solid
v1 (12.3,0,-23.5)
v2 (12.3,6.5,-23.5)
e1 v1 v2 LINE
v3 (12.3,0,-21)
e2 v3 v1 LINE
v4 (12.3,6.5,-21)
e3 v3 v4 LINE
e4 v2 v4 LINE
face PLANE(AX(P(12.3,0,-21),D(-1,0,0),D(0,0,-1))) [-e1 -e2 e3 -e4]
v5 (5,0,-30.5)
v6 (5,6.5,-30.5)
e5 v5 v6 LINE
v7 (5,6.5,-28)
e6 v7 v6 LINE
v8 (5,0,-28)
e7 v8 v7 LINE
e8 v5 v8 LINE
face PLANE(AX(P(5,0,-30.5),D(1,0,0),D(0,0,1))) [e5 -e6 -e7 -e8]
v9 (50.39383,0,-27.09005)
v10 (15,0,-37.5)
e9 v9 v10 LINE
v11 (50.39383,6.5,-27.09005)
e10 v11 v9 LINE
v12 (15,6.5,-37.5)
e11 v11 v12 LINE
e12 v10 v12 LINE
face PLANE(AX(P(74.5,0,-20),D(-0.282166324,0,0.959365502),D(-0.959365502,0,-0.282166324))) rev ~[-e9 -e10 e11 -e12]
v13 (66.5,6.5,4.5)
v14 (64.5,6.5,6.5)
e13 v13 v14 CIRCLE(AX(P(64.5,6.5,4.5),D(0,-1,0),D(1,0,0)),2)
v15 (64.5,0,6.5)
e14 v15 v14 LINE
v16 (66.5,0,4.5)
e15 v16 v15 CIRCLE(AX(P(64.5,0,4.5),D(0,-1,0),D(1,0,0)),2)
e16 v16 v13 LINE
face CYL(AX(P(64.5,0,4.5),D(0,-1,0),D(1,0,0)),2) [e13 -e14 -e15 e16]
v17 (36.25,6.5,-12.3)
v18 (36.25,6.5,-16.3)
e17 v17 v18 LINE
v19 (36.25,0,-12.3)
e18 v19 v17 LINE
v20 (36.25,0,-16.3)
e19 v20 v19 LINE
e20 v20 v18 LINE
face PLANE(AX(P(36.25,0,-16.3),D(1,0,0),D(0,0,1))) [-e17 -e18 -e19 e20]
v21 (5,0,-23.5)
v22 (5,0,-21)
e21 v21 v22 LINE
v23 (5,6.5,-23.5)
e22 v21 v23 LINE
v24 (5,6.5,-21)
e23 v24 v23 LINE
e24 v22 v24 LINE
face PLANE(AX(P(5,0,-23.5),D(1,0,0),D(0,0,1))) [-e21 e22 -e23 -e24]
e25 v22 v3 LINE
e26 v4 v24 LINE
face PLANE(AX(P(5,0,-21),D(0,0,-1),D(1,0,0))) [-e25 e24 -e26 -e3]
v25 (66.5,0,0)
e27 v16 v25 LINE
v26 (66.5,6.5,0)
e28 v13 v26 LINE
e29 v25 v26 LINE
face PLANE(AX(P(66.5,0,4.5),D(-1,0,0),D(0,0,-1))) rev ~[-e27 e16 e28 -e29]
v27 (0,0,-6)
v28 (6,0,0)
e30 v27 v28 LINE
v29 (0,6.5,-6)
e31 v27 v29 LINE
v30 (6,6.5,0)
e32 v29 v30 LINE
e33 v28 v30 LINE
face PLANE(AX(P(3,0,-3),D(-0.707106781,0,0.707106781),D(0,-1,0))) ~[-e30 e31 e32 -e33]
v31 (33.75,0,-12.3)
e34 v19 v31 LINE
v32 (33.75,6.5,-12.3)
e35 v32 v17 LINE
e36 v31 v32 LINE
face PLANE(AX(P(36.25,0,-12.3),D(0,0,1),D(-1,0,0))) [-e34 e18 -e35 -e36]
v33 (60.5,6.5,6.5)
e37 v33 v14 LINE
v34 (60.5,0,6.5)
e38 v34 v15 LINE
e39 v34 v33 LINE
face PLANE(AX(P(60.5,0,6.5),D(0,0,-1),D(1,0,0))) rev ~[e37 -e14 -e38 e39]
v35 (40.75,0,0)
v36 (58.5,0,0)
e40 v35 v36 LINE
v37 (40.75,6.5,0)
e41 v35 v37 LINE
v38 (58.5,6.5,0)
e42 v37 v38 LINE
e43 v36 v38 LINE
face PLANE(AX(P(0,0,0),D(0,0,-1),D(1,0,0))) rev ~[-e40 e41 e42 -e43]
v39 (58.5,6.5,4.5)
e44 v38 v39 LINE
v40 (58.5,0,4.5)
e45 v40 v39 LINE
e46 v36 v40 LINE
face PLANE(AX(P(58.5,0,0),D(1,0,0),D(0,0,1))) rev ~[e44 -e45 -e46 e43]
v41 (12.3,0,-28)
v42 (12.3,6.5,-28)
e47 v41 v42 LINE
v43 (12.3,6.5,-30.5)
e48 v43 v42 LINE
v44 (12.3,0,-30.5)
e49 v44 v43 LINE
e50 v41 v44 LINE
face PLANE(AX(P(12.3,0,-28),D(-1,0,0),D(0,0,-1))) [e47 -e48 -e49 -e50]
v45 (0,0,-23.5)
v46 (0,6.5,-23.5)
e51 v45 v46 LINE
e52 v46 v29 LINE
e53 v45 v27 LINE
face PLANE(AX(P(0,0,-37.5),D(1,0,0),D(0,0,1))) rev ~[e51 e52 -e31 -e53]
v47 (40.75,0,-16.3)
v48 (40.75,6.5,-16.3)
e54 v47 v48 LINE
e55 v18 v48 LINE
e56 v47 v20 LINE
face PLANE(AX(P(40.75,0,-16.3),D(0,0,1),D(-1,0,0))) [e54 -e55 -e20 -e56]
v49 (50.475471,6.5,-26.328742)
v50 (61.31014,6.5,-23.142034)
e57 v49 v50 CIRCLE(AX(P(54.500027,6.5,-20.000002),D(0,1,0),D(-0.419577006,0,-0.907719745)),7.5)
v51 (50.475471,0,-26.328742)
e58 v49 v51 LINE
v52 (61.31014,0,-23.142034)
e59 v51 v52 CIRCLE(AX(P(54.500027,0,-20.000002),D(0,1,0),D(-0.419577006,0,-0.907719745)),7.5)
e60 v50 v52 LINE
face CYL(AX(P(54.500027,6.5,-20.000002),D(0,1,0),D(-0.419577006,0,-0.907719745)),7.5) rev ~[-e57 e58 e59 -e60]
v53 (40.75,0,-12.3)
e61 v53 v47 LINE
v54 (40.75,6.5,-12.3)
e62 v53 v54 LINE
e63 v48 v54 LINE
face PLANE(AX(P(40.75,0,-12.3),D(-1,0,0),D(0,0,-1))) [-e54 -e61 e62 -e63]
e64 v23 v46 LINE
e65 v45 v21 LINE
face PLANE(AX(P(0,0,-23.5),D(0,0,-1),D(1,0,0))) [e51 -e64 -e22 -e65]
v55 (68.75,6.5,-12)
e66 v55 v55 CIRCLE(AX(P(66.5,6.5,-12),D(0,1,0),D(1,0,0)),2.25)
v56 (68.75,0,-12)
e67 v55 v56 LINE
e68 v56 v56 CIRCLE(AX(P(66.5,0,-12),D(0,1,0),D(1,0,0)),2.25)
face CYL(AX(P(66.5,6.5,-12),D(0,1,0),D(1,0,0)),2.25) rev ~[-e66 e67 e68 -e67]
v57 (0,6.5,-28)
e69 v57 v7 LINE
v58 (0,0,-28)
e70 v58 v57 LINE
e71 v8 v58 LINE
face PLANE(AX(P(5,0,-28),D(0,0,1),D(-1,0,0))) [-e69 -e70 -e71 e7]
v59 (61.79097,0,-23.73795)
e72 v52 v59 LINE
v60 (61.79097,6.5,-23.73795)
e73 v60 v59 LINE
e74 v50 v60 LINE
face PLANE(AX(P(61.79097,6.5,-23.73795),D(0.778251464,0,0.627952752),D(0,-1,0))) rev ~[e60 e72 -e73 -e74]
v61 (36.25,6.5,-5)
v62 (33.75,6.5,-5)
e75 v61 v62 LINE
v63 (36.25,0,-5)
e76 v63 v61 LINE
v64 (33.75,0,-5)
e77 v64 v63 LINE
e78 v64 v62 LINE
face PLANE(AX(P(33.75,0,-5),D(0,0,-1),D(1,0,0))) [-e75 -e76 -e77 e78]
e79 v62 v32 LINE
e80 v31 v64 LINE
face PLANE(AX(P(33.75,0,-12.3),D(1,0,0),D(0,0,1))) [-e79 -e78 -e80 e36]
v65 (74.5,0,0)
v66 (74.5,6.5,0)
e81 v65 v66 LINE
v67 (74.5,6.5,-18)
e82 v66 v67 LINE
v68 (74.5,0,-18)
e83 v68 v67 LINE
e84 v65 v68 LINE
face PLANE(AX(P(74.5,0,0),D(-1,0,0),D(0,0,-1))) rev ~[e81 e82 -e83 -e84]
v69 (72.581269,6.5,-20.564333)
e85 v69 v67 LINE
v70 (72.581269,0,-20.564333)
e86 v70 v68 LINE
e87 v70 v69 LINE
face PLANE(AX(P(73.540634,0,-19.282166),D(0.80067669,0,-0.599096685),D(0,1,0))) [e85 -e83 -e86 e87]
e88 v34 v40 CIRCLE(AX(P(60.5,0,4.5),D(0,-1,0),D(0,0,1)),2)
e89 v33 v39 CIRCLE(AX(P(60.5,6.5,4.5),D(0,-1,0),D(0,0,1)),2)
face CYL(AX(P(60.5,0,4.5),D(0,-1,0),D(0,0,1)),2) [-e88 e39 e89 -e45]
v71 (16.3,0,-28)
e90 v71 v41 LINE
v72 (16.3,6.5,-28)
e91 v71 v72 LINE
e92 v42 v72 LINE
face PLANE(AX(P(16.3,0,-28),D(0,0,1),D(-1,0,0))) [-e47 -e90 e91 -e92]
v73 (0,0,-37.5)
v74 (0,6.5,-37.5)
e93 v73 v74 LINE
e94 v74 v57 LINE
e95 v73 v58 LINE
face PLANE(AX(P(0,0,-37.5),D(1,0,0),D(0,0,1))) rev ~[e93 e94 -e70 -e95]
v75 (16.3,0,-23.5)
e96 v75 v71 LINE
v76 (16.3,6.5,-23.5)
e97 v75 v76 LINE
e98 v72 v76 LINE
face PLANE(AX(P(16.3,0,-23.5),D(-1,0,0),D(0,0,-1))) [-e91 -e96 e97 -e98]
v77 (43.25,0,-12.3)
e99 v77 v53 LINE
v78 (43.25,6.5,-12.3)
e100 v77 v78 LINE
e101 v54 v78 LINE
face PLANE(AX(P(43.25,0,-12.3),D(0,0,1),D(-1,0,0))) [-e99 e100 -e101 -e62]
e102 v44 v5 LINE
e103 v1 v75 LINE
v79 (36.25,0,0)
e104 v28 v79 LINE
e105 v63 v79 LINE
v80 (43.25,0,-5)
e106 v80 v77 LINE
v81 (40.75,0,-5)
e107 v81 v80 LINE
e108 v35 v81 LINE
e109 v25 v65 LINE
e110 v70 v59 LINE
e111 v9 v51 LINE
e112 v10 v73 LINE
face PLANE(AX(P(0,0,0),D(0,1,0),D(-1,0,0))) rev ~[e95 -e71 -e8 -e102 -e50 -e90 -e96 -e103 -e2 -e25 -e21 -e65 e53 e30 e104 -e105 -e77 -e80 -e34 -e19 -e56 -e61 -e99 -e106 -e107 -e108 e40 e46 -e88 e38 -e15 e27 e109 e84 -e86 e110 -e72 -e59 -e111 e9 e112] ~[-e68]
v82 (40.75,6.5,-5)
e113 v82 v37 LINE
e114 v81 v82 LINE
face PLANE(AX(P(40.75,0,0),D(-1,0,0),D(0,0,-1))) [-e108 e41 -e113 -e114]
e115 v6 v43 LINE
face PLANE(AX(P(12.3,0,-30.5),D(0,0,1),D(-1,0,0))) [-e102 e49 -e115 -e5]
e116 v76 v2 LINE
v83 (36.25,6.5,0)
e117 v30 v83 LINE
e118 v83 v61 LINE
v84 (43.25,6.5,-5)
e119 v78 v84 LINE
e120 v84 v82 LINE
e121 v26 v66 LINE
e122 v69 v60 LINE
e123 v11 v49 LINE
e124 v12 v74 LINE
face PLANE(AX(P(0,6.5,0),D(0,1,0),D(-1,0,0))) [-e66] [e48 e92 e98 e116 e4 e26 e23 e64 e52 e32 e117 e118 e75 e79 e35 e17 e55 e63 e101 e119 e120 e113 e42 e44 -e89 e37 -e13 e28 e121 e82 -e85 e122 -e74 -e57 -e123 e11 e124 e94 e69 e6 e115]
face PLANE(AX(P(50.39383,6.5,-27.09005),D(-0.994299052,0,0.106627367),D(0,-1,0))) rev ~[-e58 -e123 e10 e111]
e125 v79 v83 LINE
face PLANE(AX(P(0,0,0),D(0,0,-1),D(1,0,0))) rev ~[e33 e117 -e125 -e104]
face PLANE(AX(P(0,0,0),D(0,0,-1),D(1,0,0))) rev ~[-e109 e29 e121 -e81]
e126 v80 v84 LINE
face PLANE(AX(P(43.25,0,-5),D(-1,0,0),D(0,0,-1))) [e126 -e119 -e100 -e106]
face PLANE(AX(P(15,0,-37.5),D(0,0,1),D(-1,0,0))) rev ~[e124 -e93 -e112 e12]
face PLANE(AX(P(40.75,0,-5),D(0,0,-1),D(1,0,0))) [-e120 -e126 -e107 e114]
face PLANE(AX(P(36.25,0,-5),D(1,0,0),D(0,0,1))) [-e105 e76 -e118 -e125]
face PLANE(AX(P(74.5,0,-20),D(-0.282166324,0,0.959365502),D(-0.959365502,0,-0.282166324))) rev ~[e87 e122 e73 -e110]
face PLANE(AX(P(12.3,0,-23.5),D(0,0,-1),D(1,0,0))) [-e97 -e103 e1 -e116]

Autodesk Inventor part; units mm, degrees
ref_plane "YZ Plane" through (0, 0, 0) normal (1, 0, 0) x (0, 1, 0)
ref_plane "XZ Plane" through (0, 0, 0) normal (0, 1, 0) x (-1, 0, 0)
ref_plane "XY Plane" through (0, 0, 0) normal (0, 0, 1) x (1, 0, 0)
sketch "Sketch1" plane through (0, 0, 0) normal (0, 1, 0) x (-1, 0, 0)
  line L0 (0, -37.5) -> (0, 0)
  line L1 (0, 0) -> (-74.5, 0)
  line L2 (-74.5, 0) -> (-74.5, -20)
  line L3 (-74.5, -20) -> (-15, -37.5)
  line L4 (-15, -37.5) -> (0, -37.5)
  dimension "d0" = 37.5
  dimension "d1" = 74.5
  dimension "d2" = 20
  dimension "d3" = 15
extrude "Extrusion1" add sketch "Sketch1" along normal blind 6.5
sketch "Sketch2" plane through (0, 0, 0) normal (0, -1, 0) x (1, 0, 0)
  line L0 (0, 0) -> (0, -37.5) projected
  line L1 (0, -37.5) -> (15, -37.5) projected
  line L2 (16.3, -23.5) -> (16.3, -28)
  line L3 (0, -28) -> (0, -23.5)
  line L4 (5, -21) -> (12.3, -21)
  line L5 (12.3, -30.5) -> (5, -30.5)
  line L6 (0, -23.5) -> (5, -23.5)
  line L7 (12.3, -23.5) -> (16.3, -23.5)
  line L8 (16.3, -28) -> (12.3, -28)
  line L9 (5, -28) -> (0, -28)
  line L10 (5, -30.5) -> (5, -28)
  line L11 (5, -23.5) -> (5, -21)
  line L12 (12.3, -21) -> (12.3, -23.5)
  line L13 (12.3, -28) -> (12.3, -30.5)
  point P0 (16.3, -25.75)
  dimension "d6" = 4.5
  dimension "d7" = 2.5
  dimension "d8" = 5
  dimension "d9" = 7.3
  dimension "d10" = 4
  dimension "d12" = 14
extrude "Extrusion2" cut sketch "Sketch2" against normal through all
sketch "Sketch3" plane through (0, 0, 0) normal (0, -1, 0) x (1, 0, 0)
  line L0 (74.5, -20) -> (74.5, 0) projected
  line L1 (74.5, 0) -> (0, 0) projected
  line L2 (66.5, 0) -> (58.5, 0)
  line L3 (58.5, 0) -> (58.5, 4.5)
  line L4 (60.5, 6.5) -> (64.5, 6.5)
  line L5 (66.5, 4.5) -> (66.5, 0)
  arc A0 (60.5, 6.5) -> (58.5, 4.5) centre (60.5, 4.5) ccw
  arc A1 (66.5, 4.5) -> (64.5, 6.5) centre (64.5, 4.5) ccw
  dimension "d15" = 2
  dimension "d16" = 8
  dimension "d17" = 6.5
  dimension "d18" = 8
extrude "Extrusion3" add sketch "Sketch3" against normal blind 6.5
sketch "Sketch4" plane through (0, 0, 0) normal (0, -1, 0) x (1, 0, 0)
  line L0 (58.5, 4.5) -> (58.5, 0) projected
  line L1 (58.5, 0) -> (0, 0) projected
  line L2 (36.25, 0) -> (40.75, 0)
  line L3 (40.75, -16.3) -> (36.25, -16.3)
  line L4 (43.25, -5) -> (43.25, -12.3)
  line L5 (33.75, -12.3) -> (33.75, -5)
  line L6 (33.75, -5) -> (36.25, -5)
  line L7 (40.75, -5) -> (43.25, -5)
  line L8 (43.25, -12.3) -> (40.75, -12.3)
  line L9 (36.25, -12.3) -> (33.75, -12.3)
  line L10 (36.25, -16.3) -> (36.25, -12.3)
  line L11 (36.25, -5) -> (36.25, 0)
  line L12 (40.75, 0) -> (40.75, -5)
  line L13 (40.75, -12.3) -> (40.75, -16.3)
  point P0 (38.5, -16.3)
  dimension "d21" = 4.5
  dimension "d22" = 2.5
  dimension "d23" = 5
  dimension "d24" = 4
  dimension "d25" = 7.3
  dimension "d26" = 20
extrude "Extrusion4" cut sketch "Sketch4" against normal through all
sketch "Sketch6" plane through (0, 6.5, 0) normal (0, 1, 0) x (1, 0, 0)
  line L0 (40.75, 0) -> (58.5, 0) projected
  line L1 (74.5, 0) -> (74.5, 20) projected
  line L2 (74.5, 20) -> (15, 37.5) projected
  arc A0 (51.3532, 26.8079) -> (60.8316, 24.0201) centre (54.5, 20) ccw
  circle A1 centre (54.5, 20) radius 4 construction
  line L3 (51.3532, 26.8079) -> (60.8316, 24.0201)
  dimension "d34" = 15
  dimension "d35" = 8
  dimension "d36" = 20
  dimension "d37" = 20
extrude "Extrusion6" cut sketch "Sketch6" against normal through all
chamfer "Chamfer1" distance 1 angle 45 2 edges at (51.3532, 3.25, -26.8079) (60.8316, 3.25, -24.0201)
chamfer "Chamfer2" distance 2 angle 45 1 edges at (74.5, 3.25, -20)
chamfer "Chamfer3" distance 6 angle 45 1 edges at (0, 3.25, 0)
sketch "Sketch7" plane through (0, 6.5, 0) normal (0, 1, 0) x (1, 0, 0)
  line L0 (66.5, 0) -> (74.5, 0) projected
  line L1 (74.5, 0) -> (74.5, 18) projected
  circle A0 centre (66.5, 12) radius 2.25
  point P0 (0, 0)
  dimension "d49" = 4.5
  dimension "d50" = 8
  dimension "d51" = 12
extrude "Extrusion7" cut sketch "Sketch7" against normal through all
properties part number "x_carryage_brace_bottom" material "Plywood, Finish"
